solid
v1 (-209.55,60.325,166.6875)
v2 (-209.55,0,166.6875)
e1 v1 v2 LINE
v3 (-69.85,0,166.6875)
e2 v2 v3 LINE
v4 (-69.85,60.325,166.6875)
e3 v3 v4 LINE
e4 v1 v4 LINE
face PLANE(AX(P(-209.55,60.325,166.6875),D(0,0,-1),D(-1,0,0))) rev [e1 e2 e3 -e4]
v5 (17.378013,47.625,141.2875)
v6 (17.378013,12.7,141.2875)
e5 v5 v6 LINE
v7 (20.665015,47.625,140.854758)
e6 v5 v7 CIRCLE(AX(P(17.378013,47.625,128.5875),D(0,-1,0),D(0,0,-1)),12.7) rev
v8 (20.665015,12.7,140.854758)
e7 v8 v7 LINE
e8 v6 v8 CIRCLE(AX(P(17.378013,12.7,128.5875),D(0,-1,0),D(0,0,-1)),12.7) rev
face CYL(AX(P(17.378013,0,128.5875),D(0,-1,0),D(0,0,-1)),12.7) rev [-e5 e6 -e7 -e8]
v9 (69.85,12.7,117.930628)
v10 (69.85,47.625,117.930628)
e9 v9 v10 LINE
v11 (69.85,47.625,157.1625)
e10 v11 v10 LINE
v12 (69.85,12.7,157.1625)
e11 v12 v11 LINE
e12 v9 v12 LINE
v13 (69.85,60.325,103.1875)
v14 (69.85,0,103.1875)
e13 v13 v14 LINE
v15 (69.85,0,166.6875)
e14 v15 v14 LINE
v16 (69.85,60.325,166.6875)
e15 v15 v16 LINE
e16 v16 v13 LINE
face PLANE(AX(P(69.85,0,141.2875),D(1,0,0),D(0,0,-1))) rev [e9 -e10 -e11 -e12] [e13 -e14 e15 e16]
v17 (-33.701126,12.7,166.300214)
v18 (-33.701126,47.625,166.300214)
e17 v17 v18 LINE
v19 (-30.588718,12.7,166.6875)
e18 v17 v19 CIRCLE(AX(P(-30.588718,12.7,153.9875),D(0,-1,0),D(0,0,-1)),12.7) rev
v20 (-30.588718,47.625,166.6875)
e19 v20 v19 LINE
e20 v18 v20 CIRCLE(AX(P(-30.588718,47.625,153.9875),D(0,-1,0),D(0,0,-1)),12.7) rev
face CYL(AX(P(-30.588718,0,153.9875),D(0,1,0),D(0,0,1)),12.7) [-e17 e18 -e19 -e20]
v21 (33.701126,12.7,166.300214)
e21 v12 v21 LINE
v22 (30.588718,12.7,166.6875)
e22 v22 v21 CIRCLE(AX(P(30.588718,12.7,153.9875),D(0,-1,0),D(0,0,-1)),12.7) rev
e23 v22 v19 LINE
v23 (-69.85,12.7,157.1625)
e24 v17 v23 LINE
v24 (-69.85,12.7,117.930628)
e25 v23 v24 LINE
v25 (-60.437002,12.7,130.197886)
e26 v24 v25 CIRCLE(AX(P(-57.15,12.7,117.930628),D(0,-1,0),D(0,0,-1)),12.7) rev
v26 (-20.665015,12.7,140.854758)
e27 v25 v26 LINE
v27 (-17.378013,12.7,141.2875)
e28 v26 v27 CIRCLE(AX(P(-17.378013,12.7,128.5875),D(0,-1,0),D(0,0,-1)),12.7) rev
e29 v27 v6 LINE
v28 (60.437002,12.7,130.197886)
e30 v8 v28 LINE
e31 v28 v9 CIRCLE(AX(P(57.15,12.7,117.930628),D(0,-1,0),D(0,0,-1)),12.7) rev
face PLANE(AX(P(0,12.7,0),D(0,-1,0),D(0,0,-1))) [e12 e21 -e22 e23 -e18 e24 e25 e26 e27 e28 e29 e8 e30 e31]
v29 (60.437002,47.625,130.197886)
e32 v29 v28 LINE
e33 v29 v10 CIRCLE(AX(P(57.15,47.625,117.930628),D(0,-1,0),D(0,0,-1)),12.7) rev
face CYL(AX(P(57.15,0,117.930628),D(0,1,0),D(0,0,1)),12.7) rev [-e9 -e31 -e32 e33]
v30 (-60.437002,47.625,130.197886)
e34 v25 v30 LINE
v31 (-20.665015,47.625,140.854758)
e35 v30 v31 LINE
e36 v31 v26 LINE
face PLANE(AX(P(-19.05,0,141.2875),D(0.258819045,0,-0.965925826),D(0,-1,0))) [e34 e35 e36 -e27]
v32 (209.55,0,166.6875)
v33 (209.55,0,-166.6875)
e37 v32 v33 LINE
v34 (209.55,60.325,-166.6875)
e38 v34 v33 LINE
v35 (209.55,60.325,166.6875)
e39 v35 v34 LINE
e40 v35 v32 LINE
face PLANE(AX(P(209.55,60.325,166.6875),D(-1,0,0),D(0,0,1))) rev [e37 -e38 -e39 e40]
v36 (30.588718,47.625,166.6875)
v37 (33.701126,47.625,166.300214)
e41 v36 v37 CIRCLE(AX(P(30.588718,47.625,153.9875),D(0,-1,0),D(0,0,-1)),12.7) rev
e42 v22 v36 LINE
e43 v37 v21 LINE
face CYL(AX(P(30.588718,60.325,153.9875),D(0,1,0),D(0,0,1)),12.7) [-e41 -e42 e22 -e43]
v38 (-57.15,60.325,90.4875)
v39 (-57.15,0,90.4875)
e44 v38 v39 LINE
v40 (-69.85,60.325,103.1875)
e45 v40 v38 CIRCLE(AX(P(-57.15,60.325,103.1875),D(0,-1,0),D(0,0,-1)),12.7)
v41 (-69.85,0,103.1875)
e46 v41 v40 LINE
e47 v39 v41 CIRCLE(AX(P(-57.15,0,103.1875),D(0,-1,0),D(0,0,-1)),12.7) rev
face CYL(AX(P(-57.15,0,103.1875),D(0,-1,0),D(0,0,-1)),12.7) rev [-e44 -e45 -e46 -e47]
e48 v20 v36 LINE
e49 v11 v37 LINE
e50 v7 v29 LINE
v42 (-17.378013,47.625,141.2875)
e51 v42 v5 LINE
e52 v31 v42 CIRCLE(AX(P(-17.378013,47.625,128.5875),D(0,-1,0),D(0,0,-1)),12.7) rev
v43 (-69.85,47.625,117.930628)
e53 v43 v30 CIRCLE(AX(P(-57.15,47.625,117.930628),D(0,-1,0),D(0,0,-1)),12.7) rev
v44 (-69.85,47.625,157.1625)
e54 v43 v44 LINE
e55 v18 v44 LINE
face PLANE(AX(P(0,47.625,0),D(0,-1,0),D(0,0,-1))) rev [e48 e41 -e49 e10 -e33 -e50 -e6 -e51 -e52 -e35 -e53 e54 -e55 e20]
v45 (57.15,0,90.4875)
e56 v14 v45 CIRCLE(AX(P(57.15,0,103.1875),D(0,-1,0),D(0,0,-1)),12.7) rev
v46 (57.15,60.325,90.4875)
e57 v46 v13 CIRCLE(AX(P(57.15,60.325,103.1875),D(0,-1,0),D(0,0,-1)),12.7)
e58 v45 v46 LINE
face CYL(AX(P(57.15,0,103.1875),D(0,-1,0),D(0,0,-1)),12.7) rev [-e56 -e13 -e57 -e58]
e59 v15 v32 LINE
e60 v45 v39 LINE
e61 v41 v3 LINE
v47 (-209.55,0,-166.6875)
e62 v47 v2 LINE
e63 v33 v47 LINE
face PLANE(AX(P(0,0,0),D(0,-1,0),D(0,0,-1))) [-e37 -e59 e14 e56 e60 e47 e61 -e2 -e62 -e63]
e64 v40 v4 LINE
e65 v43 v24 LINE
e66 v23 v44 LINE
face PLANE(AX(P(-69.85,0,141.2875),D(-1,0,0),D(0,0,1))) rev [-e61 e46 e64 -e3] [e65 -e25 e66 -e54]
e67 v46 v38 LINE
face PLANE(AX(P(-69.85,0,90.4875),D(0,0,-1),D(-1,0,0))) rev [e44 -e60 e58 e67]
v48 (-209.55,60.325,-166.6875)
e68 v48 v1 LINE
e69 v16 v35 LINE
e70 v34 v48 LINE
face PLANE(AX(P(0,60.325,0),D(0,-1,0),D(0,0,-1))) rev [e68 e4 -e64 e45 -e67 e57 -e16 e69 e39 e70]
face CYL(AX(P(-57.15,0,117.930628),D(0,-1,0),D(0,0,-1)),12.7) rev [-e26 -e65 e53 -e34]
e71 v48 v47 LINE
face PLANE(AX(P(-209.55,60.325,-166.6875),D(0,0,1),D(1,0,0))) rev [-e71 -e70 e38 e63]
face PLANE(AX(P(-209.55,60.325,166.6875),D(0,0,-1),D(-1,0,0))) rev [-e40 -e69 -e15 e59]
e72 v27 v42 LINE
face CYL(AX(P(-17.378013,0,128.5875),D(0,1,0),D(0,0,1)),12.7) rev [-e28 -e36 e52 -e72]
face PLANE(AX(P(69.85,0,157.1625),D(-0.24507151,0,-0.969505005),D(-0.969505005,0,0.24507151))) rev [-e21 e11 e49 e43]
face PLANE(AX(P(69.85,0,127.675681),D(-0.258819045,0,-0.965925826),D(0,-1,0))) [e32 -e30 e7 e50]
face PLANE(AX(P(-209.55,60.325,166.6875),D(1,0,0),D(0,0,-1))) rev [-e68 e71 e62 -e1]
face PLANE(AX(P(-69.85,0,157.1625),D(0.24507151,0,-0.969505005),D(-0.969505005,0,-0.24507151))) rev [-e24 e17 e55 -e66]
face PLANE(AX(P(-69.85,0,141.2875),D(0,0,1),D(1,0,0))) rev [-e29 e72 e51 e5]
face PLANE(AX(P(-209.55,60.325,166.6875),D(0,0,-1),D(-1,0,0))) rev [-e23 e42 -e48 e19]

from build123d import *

# Parameters (mm, degrees)
SKETCH1_W           = 419.1
SKETCH1_H           = 333.375
BOSS_EXTRUDE1_DEPTH = 60.325
SKETCH2_W           = 139.7
SKETCH2_H           = 50.8
CUT_EXTRUDE1_DEPTH  = 61.325
CHAMFER1_SIZE       = 50.8
CHAMFER1_SIZE2      = 13.611818976
FILLET1_R           = 12.7
SKETCH3_W           = 139.7
SKETCH3_H           = 56.403006085
CUT_EXTRUDE2_DEPTH  = 12.7
SKETCH4_W           = 139.7
SKETCH4_H           = 56.128435861
CUT_EXTRUDE3_DEPTH  = 12.7


with BuildPart() as part:
    # Sketch1 → Boss-Extrude1 (new body)
    with BuildSketch(Plane(origin=(0, 0, 0), x_dir=(1, 0, 0), z_dir=(0, 1, 0))):
        Rectangle(SKETCH1_W, SKETCH1_H)
    extrude(amount=BOSS_EXTRUDE1_DEPTH)

    # Sketch2 → Cut-Extrude1 (cut, through all)
    with BuildSketch(Plane(origin=(0, 60.325, 0), x_dir=(1, 0, 0), z_dir=(0, 1, 0))):
        with Locations((0, -115.8875)):
            Rectangle(SKETCH2_W, SKETCH2_H)
        Polygon((-69.85, -166.6875), (-69.85, -157.1625), (-32.169017961, -166.6875), align=None)
        Polygon((32.169017961, -166.6875), (69.85, -166.6875), (69.85, -157.1625), align=None)
    extrude(amount=-CUT_EXTRUDE1_DEPTH, mode=Mode.SUBTRACT)

    # Chamfer1
    chamfer1_edges = [part.edges().sort_by_distance(p)[0] for p in [
        (69.85, 30.1625, 141.2875),
        (-69.85, 30.1625, 141.2875),
    ]]
    chamfer1_side = [part.faces().sort_by_distance(p)[0] for p in [
        (0, 30.1625, 141.2875),
    ]]
    chamfer(chamfer1_edges, length=CHAMFER1_SIZE, length2=CHAMFER1_SIZE2, reference=chamfer1_side[0])

    # Fillet1
    fillet1_edges = [part.edges().sort_by_distance(p)[0] for p in [
        (69.85, 30.1625, 90.4875),
        (-69.85, 30.1625, 90.4875),
        (-32.169017961, 30.1625, 166.6875),
        (32.169017961, 30.1625, 166.6875),
        (69.85, 30.1625, 127.675681024),
        (-19.05, 30.1625, 141.2875),
        (19.05, 30.1625, 141.2875),
        (-69.85, 30.1625, 127.675681024),
    ]]
    fillet(fillet1_edges, radius=FILLET1_R)

    # Sketch3 → Cut-Extrude2 (cut)
    with BuildSketch(Plane(origin=(0, 60.325, 0), x_dir=(1, 0, 0), z_dir=(0, 1, 0))):
        with Locations((0, -138.485996957)):
            Rectangle(SKETCH3_W, SKETCH3_H)
    extrude(amount=-CUT_EXTRUDE2_DEPTH, mode=Mode.SUBTRACT)

    # Sketch4 → Cut-Extrude3 (cut)
    with BuildSketch(Plane.XZ):
        with Locations((0, 138.623282069)):
            Rectangle(SKETCH4_W, SKETCH4_H)
    extrude(amount=-CUT_EXTRUDE3_DEPTH, mode=Mode.SUBTRACT)


solid = part.part
